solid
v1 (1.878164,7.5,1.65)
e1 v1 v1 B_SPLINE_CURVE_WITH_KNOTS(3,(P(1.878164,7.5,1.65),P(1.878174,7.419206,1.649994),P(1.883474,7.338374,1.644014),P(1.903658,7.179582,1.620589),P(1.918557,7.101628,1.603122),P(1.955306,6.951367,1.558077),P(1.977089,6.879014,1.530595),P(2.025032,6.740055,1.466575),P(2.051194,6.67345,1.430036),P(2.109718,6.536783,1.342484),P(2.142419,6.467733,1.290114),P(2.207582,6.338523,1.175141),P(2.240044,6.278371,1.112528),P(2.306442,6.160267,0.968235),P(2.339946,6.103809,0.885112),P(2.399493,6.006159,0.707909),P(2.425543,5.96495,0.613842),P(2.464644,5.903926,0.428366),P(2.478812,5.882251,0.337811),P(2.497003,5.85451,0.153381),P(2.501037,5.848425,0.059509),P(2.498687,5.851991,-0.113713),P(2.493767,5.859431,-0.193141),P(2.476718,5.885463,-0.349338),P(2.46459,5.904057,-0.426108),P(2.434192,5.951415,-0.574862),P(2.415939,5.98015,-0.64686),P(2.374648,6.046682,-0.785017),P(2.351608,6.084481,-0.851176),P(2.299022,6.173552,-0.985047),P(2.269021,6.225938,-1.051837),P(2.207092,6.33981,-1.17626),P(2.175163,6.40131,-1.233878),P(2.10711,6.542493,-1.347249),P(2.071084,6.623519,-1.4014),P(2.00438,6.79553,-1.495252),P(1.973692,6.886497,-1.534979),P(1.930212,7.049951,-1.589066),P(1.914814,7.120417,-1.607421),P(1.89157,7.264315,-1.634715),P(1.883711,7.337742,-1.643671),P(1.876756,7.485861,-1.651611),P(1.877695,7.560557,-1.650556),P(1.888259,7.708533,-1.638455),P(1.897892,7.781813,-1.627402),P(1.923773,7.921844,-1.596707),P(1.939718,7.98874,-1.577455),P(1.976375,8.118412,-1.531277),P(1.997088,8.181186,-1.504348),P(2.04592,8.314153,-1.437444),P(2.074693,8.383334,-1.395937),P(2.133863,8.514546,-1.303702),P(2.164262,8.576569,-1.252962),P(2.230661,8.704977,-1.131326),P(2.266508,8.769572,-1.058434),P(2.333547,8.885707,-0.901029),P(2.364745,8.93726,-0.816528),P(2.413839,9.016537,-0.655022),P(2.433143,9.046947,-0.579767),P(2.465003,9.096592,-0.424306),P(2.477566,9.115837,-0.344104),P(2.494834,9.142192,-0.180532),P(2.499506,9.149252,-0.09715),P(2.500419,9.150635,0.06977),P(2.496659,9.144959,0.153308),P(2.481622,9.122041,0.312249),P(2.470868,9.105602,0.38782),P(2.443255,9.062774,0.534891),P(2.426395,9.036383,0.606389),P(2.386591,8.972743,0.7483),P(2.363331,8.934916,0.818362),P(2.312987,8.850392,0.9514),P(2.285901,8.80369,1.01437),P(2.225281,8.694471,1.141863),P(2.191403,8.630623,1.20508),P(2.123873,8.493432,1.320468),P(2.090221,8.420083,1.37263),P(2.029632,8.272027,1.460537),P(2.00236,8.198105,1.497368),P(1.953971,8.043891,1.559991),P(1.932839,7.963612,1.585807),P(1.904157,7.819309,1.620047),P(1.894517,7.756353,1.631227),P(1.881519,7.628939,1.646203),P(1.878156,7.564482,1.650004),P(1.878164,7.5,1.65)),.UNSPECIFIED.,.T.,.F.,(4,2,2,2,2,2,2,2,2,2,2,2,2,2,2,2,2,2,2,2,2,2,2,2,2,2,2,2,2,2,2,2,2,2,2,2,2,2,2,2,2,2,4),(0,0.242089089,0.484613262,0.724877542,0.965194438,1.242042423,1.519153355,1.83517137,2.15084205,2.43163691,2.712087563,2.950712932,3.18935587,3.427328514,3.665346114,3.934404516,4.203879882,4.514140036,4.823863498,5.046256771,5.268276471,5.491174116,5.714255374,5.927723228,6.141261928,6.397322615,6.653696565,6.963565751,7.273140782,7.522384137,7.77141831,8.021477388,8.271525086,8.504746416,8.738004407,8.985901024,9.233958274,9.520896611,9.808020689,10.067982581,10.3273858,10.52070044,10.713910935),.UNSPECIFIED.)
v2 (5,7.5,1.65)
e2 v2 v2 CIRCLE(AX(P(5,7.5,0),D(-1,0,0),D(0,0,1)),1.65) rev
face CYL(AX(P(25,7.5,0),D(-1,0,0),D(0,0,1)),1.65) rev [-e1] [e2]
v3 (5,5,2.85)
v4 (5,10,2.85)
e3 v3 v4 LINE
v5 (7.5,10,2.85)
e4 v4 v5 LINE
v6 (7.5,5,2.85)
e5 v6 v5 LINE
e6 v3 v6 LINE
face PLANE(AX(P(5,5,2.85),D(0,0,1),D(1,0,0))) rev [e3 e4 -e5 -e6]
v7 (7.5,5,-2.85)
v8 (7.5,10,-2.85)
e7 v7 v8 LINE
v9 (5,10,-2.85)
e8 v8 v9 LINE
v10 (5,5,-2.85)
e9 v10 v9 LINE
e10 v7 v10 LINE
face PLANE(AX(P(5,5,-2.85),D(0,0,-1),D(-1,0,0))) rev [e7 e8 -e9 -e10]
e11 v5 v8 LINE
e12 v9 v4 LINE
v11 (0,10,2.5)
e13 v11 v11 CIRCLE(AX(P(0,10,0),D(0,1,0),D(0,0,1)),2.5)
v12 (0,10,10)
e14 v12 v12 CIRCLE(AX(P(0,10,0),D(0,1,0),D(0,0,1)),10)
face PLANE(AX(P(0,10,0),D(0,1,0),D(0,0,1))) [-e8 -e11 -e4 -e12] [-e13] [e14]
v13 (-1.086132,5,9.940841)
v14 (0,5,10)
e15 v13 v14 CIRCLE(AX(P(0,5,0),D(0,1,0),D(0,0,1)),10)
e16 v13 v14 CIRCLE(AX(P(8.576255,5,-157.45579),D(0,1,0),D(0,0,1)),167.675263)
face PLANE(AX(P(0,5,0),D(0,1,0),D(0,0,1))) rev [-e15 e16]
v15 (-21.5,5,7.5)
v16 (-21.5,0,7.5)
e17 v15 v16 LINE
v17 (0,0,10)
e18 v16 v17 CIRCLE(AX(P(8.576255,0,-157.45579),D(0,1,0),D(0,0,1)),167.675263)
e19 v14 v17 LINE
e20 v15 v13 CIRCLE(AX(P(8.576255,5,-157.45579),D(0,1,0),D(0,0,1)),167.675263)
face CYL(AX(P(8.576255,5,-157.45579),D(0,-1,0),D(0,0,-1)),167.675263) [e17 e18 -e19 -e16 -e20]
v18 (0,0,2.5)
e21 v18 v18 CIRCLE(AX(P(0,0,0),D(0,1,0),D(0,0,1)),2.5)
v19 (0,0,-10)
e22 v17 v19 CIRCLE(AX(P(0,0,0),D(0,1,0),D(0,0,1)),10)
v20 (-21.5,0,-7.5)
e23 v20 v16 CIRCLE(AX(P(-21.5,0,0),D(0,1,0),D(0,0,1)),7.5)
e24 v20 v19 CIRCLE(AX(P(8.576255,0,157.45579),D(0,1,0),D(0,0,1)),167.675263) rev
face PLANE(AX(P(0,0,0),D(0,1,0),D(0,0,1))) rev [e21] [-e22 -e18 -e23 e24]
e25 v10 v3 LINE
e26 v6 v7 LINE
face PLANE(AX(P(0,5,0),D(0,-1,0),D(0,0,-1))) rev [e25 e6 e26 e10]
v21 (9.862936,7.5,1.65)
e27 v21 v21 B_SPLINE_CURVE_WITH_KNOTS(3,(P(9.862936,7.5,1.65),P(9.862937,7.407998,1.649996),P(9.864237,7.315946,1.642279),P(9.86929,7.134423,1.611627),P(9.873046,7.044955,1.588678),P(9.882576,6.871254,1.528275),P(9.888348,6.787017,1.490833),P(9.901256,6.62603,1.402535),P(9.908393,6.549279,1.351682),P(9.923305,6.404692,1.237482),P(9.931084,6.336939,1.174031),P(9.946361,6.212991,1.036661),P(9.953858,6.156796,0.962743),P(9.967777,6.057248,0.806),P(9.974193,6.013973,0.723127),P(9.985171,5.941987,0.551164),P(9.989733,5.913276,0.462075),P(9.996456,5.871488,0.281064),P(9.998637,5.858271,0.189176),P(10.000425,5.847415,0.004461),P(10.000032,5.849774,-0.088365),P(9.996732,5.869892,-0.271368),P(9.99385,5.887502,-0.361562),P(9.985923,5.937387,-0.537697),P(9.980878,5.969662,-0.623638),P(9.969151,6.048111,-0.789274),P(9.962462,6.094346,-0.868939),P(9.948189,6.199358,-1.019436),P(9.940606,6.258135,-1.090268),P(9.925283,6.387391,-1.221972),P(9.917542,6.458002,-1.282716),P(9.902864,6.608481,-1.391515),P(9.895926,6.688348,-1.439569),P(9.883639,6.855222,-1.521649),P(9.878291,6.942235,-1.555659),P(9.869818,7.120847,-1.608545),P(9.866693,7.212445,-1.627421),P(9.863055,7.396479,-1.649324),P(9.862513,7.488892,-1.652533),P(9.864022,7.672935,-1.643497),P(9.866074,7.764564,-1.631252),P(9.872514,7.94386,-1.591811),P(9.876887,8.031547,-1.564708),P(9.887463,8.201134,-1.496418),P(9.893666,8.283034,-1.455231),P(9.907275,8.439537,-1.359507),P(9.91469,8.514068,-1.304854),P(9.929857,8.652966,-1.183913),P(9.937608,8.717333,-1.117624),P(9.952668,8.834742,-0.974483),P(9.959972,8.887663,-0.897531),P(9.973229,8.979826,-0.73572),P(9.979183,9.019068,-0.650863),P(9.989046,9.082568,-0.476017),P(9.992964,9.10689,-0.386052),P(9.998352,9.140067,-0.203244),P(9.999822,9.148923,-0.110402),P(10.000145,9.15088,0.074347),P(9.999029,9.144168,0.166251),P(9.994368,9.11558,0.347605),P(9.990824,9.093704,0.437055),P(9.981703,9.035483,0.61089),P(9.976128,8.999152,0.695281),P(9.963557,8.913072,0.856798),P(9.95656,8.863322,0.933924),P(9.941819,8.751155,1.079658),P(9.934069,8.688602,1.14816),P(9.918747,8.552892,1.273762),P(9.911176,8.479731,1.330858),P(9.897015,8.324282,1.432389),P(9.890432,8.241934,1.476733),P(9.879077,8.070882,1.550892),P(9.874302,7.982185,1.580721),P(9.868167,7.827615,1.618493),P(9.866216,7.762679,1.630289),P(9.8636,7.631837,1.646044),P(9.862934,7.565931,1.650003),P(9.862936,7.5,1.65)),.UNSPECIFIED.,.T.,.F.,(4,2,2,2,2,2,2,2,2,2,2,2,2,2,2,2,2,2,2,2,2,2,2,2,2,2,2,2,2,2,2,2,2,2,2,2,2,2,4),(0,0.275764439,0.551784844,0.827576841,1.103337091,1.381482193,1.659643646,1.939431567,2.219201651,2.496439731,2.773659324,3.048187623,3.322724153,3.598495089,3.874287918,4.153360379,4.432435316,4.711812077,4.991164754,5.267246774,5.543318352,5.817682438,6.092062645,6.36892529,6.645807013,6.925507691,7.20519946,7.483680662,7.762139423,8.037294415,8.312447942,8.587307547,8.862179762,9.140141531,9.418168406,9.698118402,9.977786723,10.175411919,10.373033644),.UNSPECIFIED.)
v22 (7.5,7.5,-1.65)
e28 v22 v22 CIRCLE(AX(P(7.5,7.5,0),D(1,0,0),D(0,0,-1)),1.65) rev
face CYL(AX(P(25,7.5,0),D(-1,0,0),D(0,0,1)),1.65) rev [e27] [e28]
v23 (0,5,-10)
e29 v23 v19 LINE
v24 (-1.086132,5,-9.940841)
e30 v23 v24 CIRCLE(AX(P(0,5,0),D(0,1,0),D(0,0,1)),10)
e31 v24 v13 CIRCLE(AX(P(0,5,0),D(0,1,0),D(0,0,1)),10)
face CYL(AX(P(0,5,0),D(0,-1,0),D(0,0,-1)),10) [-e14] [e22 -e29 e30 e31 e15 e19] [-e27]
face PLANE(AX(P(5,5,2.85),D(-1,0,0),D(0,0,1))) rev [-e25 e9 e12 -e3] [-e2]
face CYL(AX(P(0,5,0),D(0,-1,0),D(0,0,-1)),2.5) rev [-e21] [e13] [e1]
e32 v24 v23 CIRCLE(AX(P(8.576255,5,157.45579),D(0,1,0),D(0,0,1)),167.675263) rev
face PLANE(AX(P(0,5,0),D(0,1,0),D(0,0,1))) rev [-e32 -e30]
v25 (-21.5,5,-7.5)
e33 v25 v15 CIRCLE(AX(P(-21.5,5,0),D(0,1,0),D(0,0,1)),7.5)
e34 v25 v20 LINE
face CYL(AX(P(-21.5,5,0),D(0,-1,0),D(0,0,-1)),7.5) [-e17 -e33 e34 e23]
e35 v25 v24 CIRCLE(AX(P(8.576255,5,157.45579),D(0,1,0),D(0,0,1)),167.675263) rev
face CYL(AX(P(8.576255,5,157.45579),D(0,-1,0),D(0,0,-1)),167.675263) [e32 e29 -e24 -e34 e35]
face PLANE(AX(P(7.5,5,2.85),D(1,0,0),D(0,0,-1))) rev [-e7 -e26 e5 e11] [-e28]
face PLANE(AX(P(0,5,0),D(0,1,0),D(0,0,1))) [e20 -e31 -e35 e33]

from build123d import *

# Parameters (mm, degrees)
SKETCH1_R           = 2.5
BOSS_EXTRUDE1_DEPTH = 5
SKETCH2_R           = 10
SKETCH2_R_2         = 2.5
BOSS_EXTRUDE2_DEPTH = 5
SKETCH3_W           = 2.5
SKETCH3_H           = 5.7
CUT_EXTRUDE1_DEPTH  = 5
SKETCH4_R           = 1.65
CUT_EXTRUDE2_DEPTH  = 25


with BuildPart() as part:
    # Sketch1 → Boss-Extrude1 (new body)
    with BuildSketch(Plane(origin=(0, 0, 0), x_dir=(1, 0, 0), z_dir=(0, 1, 0))):
        with BuildLine():
            ThreePointArc((-21.5, -7.5), (-11.330511131, -9.033592317), (-1.086131732, -9.940840903))
            ThreePointArc((-1.086131732, -9.940840903), (-0.543113838, -9.971301197), (0, -10))
            ThreePointArc((0, -10), (10, 0), (0, 10))
            ThreePointArc((0, 10), (-0.543113838, 9.971301197), (-1.086131732, 9.940840903))
            ThreePointArc((-1.086131732, 9.940840903), (-11.330511131, 9.033592317), (-21.5, 7.5))
            ThreePointArc((-21.5, 7.5), (-29, 0), (-21.5, -7.5))
        make_face()
        with Locations(Location((0, 0, 0), (0, 0, 270))):
            Circle(SKETCH1_R, mode=Mode.SUBTRACT)
    extrude(amount=BOSS_EXTRUDE1_DEPTH)

    # Sketch2 → Boss-Extrude2 (add)
    with BuildSketch(Plane(origin=(0, 5, 0), x_dir=(1, 0, 0), z_dir=(0, 1, 0))):
        with Locations(Location((0, 0, 0), (0, 0, 270))):
            Circle(SKETCH2_R)
        with Locations(Location((0, 0, 0), (0, 0, 270))):
            Circle(SKETCH2_R_2, mode=Mode.SUBTRACT)
    extrude(amount=BOSS_EXTRUDE2_DEPTH)

    # Sketch3 → Cut-Extrude1 (cut)
    with BuildSketch(Plane(origin=(0, 10, 0), x_dir=(1, 0, 0), z_dir=(0, 1, 0))):
        with Locations((6.25, 0)):
            Rectangle(SKETCH3_W, SKETCH3_H)
    extrude(amount=-CUT_EXTRUDE1_DEPTH, mode=Mode.SUBTRACT)

    # Sketch4 → Cut-Extrude2 (cut)
    with BuildSketch(Plane(origin=(0, 0, 0), x_dir=(0, 0, -1), z_dir=(1, 0, 0))):
        with Locations(Location((0, 7.5, 0), (0, 0, 180))):
            Circle(SKETCH4_R)
    extrude(amount=CUT_EXTRUDE2_DEPTH, mode=Mode.SUBTRACT)


solid = part.part
